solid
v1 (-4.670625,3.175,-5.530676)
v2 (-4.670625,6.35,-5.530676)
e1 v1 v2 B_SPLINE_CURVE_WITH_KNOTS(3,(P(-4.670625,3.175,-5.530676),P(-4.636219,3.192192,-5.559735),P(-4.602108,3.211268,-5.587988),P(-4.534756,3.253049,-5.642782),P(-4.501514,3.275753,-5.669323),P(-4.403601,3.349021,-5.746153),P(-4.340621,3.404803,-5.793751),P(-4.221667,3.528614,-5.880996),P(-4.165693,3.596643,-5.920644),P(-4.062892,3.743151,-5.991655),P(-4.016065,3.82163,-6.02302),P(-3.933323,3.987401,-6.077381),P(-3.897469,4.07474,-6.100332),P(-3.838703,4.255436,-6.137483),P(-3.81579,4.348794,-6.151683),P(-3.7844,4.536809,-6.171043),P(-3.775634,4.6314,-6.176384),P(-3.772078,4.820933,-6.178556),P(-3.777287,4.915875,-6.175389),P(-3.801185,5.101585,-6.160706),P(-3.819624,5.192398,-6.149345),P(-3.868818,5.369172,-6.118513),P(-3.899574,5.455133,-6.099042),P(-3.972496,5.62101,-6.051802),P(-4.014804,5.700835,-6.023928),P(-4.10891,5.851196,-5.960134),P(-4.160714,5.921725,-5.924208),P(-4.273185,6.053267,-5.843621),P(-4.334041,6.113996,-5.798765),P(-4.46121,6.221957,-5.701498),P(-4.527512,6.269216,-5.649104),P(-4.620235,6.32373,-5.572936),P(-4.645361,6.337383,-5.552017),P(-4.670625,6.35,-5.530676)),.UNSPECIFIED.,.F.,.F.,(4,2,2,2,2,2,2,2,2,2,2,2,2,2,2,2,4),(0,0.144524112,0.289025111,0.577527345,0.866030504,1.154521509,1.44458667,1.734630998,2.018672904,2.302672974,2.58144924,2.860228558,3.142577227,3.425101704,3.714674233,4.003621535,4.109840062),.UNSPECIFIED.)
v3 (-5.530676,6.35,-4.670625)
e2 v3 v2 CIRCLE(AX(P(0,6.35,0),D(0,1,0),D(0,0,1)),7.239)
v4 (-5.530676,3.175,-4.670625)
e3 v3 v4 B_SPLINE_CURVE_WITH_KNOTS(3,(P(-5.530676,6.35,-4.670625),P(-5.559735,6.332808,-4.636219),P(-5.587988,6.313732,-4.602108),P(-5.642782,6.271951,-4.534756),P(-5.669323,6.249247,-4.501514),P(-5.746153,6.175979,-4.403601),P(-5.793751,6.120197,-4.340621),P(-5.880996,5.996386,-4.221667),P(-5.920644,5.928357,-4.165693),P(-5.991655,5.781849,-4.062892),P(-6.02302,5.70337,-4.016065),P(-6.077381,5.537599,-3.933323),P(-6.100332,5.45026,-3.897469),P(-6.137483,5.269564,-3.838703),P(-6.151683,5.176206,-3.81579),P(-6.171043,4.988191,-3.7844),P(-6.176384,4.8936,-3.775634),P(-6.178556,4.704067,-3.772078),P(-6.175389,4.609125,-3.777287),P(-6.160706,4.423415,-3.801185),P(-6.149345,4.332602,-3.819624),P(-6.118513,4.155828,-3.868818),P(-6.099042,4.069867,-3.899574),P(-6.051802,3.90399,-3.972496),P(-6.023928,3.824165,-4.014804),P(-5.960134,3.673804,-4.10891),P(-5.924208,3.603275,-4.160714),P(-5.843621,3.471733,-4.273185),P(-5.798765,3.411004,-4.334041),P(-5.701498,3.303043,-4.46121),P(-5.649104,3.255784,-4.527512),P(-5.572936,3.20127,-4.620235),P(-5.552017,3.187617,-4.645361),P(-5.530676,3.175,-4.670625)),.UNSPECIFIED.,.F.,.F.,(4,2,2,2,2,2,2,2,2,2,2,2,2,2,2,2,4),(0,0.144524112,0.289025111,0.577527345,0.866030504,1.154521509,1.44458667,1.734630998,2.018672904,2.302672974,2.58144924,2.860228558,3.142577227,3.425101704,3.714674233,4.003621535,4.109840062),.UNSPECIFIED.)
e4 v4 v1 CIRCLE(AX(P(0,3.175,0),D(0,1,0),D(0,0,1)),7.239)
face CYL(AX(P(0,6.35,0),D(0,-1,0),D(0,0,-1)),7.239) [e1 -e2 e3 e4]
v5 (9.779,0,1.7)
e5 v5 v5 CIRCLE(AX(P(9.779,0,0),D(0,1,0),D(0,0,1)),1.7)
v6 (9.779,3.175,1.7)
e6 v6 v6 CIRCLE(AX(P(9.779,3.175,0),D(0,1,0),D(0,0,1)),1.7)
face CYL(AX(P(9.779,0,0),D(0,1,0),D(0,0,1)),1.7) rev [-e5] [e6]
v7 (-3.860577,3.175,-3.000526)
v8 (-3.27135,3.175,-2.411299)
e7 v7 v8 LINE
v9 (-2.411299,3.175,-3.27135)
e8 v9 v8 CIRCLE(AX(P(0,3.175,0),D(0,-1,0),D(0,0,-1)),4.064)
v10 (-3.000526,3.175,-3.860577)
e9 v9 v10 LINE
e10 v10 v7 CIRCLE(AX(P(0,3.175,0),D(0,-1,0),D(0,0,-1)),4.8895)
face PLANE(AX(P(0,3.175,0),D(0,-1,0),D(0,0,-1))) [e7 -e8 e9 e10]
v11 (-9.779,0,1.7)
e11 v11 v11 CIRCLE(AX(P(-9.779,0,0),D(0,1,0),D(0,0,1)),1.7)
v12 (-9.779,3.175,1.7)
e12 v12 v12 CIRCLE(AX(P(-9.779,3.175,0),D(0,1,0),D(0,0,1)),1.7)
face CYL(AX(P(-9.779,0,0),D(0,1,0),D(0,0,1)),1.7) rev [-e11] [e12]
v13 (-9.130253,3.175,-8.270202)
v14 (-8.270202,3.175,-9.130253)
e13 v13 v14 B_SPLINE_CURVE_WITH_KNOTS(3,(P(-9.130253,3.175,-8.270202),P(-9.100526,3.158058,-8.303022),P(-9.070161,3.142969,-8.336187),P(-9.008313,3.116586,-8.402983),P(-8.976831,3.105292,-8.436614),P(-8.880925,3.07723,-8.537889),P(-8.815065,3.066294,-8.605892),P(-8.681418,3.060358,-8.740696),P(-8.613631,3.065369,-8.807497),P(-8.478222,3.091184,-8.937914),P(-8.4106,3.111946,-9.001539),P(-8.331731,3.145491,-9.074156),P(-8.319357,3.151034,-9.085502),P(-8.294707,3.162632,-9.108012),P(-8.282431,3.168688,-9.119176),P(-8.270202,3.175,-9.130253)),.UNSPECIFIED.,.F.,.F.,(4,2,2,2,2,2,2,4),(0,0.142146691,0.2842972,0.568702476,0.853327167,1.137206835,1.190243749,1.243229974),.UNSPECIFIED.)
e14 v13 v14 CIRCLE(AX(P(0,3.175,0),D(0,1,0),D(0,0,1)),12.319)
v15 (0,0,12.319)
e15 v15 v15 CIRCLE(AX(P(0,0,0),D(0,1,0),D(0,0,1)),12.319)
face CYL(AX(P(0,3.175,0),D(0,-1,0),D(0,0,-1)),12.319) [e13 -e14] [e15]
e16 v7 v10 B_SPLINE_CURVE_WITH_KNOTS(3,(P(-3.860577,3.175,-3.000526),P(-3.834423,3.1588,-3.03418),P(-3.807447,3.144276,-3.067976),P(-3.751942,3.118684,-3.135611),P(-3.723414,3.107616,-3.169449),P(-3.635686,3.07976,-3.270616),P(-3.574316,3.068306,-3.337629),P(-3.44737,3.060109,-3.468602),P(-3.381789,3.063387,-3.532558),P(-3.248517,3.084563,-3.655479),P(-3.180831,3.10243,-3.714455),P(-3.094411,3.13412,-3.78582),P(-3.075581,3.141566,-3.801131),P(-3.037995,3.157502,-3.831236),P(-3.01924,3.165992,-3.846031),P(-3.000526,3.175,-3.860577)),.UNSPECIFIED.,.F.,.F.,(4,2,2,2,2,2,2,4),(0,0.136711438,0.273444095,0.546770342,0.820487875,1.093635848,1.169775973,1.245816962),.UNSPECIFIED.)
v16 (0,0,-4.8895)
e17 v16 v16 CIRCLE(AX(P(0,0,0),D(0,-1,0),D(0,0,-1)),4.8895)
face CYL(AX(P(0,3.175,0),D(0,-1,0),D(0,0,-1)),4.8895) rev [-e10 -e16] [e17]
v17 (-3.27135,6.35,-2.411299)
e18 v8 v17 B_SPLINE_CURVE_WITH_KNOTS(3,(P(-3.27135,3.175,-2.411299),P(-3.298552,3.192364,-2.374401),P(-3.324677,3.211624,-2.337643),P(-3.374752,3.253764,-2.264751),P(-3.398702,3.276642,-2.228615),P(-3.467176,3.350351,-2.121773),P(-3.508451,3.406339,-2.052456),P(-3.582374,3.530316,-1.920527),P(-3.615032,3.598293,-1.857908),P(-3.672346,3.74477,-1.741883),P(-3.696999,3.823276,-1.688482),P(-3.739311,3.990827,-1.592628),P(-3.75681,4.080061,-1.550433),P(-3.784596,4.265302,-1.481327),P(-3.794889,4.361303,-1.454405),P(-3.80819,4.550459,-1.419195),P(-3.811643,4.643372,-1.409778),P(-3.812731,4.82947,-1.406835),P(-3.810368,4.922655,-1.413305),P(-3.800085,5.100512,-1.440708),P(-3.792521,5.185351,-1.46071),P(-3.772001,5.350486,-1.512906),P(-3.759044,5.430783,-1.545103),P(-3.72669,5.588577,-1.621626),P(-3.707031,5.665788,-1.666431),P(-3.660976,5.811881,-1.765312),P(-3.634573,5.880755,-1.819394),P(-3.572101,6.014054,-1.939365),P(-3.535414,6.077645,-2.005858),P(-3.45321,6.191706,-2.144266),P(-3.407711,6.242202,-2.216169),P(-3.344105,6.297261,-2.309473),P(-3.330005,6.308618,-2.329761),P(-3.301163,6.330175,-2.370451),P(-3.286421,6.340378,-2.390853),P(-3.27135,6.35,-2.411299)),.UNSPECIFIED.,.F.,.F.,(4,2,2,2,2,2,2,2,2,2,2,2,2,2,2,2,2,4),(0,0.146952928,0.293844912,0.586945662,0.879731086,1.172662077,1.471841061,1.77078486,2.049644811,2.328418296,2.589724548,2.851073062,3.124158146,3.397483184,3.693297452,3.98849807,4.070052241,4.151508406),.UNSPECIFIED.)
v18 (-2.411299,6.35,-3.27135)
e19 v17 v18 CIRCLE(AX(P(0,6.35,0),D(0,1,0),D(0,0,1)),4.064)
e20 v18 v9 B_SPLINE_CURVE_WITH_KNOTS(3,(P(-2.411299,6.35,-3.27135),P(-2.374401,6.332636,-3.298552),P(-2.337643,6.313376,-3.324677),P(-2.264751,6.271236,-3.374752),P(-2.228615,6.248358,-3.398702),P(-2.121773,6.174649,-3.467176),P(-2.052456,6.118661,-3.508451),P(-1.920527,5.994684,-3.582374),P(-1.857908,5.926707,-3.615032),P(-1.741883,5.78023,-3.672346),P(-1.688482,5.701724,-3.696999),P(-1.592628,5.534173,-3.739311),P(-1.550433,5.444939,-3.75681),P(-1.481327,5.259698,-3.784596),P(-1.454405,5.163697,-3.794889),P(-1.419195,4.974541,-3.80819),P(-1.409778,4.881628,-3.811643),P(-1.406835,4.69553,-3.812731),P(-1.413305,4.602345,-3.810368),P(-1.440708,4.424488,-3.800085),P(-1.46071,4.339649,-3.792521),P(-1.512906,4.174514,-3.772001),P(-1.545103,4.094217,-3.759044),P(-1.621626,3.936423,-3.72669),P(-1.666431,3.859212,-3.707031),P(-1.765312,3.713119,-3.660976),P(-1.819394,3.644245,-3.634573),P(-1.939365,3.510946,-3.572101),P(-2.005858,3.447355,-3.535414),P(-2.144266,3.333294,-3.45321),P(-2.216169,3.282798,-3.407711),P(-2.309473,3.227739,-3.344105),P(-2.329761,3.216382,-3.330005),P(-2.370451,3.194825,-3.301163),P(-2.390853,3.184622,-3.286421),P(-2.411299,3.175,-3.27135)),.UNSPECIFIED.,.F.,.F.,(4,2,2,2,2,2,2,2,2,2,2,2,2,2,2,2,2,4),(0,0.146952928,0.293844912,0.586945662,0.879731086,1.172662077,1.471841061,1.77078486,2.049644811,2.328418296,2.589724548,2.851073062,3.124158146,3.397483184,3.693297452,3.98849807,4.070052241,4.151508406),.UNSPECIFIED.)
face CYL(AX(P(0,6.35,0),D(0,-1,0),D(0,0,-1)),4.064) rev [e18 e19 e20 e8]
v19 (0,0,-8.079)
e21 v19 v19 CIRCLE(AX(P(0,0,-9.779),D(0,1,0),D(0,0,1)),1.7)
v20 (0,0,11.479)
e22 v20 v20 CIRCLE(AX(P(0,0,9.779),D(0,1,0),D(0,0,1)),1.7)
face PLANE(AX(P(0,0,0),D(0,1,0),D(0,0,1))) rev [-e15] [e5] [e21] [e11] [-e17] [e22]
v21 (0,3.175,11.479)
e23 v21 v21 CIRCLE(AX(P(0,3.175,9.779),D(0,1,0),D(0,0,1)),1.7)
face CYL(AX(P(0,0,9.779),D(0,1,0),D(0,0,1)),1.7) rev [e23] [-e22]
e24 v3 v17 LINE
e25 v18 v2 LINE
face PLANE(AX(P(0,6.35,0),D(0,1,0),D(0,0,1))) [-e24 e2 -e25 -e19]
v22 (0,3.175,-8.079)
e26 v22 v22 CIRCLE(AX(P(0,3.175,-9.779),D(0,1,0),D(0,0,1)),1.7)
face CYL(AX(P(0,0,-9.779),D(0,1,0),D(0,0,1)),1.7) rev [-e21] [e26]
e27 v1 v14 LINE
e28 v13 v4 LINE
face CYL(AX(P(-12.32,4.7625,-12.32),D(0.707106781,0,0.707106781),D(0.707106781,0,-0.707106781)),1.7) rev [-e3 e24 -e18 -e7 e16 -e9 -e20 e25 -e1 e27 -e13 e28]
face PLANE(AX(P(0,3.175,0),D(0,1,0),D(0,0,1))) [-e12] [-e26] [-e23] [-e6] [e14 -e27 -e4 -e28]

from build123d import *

# Parameters (mm, degrees)
SKETCH1_R                      = 7.239
SKETCH1_R_2                    = 4.064
BOSS_EXTRUDE1_DEPTH            = 6.35
SKETCH1_3_R                    = 12.319
SKETCH1_3_R_2                  = 7.239
BOSS_EXTRUDE2_DEPTH            = 3.175
SKETCH2_R                      = 1.7
CUT_EXTRUDE1_DEPTH             = 3.175
SKETCH7_R                      = 4.8895
CUT_EXTRUDE3_DEPTH             = 3.175
CUT_EXTRUDE2_REACH             = 27.151
SKETCH5_R                      = 1.7
CUT_EXTRUDE2_DIRECTION_2_REACH = 27.151


with BuildPart() as part:
    # Sketch1 → Boss-Extrude1 (new body)
    with BuildSketch(Plane(origin=(0, 0, 0), x_dir=(1, 0, 0), z_dir=(0, 1, 0))):
        Circle(SKETCH1_R)
        Circle(SKETCH1_R_2, mode=Mode.SUBTRACT)
    extrude(amount=BOSS_EXTRUDE1_DEPTH)

    # Sketch1<3> → Boss-Extrude2 (add)
    with BuildSketch(Plane(origin=(0, 0, 0), x_dir=(1, 0, 0), z_dir=(0, 1, 0))):
        Circle(SKETCH1_3_R)
        Circle(SKETCH1_3_R_2, mode=Mode.SUBTRACT)
    extrude(amount=BOSS_EXTRUDE2_DEPTH)

    # Sketch2 → Cut-Extrude1 (cut)
    with BuildSketch(Plane(origin=(0, 3.175, 0), x_dir=(1, 0, 0), z_dir=(0, 1, 0))):
        with Locations((0, 9.779)):
            Circle(SKETCH2_R)
        with Locations((9.779, 0)):
            Circle(SKETCH2_R)
        with Locations((0, -9.779)):
            Circle(SKETCH2_R)
        with Locations((-9.779, 0)):
            Circle(SKETCH2_R)
    extrude(amount=-CUT_EXTRUDE1_DEPTH, mode=Mode.SUBTRACT)

    # Sketch7 → Cut-Extrude3 (cut)
    with BuildSketch(Plane.XZ):
        Circle(SKETCH7_R)
    extrude(amount=-CUT_EXTRUDE3_DEPTH, mode=Mode.SUBTRACT)

    # Sketch5 → Cut-Extrude2 (cut, up to next)
    with BuildSketch(Plane(origin=(-4.8895, 0, -4.8895), x_dir=(-0.7071067811865475, 0, 0.7071067811865477), z_dir=(-0.7071067811865477, 0, -0.7071067811865475)), mode=Mode.PRIVATE) as cut_extrude2_sk1:
        with Locations((0, 4.7625)):
            Circle(SKETCH5_R)
    cut_extrude2_tool1 = extrude(cut_extrude2_sk1.sketch, amount=-CUT_EXTRUDE2_REACH, mode=Mode.PRIVATE) & part.part
    add(cut_extrude2_tool1.solids().sort_by_distance((-4.8895, 4.7625, -4.8895))[0], mode=Mode.SUBTRACT)

    # Sketch5 → Cut-Extrude2 direction 2 (cut, up to next)
    with BuildSketch(Plane(origin=(-4.8895, 0, -4.8895), x_dir=(-0.7071067811865475, 0, 0.7071067811865477), z_dir=(-0.7071067811865477, 0, -0.7071067811865475)), mode=Mode.PRIVATE) as cut_extrude2_direction_2_sk1:
        with Locations((0, 4.7625)):
            Circle(SKETCH5_R)
    cut_extrude2_direction_2_tool1 = extrude(cut_extrude2_direction_2_sk1.sketch, amount=CUT_EXTRUDE2_DIRECTION_2_REACH, mode=Mode.PRIVATE) & part.part
    add(cut_extrude2_direction_2_tool1.solids().sort_by_distance((-4.8895, 4.7625, -4.8895))[0], mode=Mode.SUBTRACT)


solid = part.part
